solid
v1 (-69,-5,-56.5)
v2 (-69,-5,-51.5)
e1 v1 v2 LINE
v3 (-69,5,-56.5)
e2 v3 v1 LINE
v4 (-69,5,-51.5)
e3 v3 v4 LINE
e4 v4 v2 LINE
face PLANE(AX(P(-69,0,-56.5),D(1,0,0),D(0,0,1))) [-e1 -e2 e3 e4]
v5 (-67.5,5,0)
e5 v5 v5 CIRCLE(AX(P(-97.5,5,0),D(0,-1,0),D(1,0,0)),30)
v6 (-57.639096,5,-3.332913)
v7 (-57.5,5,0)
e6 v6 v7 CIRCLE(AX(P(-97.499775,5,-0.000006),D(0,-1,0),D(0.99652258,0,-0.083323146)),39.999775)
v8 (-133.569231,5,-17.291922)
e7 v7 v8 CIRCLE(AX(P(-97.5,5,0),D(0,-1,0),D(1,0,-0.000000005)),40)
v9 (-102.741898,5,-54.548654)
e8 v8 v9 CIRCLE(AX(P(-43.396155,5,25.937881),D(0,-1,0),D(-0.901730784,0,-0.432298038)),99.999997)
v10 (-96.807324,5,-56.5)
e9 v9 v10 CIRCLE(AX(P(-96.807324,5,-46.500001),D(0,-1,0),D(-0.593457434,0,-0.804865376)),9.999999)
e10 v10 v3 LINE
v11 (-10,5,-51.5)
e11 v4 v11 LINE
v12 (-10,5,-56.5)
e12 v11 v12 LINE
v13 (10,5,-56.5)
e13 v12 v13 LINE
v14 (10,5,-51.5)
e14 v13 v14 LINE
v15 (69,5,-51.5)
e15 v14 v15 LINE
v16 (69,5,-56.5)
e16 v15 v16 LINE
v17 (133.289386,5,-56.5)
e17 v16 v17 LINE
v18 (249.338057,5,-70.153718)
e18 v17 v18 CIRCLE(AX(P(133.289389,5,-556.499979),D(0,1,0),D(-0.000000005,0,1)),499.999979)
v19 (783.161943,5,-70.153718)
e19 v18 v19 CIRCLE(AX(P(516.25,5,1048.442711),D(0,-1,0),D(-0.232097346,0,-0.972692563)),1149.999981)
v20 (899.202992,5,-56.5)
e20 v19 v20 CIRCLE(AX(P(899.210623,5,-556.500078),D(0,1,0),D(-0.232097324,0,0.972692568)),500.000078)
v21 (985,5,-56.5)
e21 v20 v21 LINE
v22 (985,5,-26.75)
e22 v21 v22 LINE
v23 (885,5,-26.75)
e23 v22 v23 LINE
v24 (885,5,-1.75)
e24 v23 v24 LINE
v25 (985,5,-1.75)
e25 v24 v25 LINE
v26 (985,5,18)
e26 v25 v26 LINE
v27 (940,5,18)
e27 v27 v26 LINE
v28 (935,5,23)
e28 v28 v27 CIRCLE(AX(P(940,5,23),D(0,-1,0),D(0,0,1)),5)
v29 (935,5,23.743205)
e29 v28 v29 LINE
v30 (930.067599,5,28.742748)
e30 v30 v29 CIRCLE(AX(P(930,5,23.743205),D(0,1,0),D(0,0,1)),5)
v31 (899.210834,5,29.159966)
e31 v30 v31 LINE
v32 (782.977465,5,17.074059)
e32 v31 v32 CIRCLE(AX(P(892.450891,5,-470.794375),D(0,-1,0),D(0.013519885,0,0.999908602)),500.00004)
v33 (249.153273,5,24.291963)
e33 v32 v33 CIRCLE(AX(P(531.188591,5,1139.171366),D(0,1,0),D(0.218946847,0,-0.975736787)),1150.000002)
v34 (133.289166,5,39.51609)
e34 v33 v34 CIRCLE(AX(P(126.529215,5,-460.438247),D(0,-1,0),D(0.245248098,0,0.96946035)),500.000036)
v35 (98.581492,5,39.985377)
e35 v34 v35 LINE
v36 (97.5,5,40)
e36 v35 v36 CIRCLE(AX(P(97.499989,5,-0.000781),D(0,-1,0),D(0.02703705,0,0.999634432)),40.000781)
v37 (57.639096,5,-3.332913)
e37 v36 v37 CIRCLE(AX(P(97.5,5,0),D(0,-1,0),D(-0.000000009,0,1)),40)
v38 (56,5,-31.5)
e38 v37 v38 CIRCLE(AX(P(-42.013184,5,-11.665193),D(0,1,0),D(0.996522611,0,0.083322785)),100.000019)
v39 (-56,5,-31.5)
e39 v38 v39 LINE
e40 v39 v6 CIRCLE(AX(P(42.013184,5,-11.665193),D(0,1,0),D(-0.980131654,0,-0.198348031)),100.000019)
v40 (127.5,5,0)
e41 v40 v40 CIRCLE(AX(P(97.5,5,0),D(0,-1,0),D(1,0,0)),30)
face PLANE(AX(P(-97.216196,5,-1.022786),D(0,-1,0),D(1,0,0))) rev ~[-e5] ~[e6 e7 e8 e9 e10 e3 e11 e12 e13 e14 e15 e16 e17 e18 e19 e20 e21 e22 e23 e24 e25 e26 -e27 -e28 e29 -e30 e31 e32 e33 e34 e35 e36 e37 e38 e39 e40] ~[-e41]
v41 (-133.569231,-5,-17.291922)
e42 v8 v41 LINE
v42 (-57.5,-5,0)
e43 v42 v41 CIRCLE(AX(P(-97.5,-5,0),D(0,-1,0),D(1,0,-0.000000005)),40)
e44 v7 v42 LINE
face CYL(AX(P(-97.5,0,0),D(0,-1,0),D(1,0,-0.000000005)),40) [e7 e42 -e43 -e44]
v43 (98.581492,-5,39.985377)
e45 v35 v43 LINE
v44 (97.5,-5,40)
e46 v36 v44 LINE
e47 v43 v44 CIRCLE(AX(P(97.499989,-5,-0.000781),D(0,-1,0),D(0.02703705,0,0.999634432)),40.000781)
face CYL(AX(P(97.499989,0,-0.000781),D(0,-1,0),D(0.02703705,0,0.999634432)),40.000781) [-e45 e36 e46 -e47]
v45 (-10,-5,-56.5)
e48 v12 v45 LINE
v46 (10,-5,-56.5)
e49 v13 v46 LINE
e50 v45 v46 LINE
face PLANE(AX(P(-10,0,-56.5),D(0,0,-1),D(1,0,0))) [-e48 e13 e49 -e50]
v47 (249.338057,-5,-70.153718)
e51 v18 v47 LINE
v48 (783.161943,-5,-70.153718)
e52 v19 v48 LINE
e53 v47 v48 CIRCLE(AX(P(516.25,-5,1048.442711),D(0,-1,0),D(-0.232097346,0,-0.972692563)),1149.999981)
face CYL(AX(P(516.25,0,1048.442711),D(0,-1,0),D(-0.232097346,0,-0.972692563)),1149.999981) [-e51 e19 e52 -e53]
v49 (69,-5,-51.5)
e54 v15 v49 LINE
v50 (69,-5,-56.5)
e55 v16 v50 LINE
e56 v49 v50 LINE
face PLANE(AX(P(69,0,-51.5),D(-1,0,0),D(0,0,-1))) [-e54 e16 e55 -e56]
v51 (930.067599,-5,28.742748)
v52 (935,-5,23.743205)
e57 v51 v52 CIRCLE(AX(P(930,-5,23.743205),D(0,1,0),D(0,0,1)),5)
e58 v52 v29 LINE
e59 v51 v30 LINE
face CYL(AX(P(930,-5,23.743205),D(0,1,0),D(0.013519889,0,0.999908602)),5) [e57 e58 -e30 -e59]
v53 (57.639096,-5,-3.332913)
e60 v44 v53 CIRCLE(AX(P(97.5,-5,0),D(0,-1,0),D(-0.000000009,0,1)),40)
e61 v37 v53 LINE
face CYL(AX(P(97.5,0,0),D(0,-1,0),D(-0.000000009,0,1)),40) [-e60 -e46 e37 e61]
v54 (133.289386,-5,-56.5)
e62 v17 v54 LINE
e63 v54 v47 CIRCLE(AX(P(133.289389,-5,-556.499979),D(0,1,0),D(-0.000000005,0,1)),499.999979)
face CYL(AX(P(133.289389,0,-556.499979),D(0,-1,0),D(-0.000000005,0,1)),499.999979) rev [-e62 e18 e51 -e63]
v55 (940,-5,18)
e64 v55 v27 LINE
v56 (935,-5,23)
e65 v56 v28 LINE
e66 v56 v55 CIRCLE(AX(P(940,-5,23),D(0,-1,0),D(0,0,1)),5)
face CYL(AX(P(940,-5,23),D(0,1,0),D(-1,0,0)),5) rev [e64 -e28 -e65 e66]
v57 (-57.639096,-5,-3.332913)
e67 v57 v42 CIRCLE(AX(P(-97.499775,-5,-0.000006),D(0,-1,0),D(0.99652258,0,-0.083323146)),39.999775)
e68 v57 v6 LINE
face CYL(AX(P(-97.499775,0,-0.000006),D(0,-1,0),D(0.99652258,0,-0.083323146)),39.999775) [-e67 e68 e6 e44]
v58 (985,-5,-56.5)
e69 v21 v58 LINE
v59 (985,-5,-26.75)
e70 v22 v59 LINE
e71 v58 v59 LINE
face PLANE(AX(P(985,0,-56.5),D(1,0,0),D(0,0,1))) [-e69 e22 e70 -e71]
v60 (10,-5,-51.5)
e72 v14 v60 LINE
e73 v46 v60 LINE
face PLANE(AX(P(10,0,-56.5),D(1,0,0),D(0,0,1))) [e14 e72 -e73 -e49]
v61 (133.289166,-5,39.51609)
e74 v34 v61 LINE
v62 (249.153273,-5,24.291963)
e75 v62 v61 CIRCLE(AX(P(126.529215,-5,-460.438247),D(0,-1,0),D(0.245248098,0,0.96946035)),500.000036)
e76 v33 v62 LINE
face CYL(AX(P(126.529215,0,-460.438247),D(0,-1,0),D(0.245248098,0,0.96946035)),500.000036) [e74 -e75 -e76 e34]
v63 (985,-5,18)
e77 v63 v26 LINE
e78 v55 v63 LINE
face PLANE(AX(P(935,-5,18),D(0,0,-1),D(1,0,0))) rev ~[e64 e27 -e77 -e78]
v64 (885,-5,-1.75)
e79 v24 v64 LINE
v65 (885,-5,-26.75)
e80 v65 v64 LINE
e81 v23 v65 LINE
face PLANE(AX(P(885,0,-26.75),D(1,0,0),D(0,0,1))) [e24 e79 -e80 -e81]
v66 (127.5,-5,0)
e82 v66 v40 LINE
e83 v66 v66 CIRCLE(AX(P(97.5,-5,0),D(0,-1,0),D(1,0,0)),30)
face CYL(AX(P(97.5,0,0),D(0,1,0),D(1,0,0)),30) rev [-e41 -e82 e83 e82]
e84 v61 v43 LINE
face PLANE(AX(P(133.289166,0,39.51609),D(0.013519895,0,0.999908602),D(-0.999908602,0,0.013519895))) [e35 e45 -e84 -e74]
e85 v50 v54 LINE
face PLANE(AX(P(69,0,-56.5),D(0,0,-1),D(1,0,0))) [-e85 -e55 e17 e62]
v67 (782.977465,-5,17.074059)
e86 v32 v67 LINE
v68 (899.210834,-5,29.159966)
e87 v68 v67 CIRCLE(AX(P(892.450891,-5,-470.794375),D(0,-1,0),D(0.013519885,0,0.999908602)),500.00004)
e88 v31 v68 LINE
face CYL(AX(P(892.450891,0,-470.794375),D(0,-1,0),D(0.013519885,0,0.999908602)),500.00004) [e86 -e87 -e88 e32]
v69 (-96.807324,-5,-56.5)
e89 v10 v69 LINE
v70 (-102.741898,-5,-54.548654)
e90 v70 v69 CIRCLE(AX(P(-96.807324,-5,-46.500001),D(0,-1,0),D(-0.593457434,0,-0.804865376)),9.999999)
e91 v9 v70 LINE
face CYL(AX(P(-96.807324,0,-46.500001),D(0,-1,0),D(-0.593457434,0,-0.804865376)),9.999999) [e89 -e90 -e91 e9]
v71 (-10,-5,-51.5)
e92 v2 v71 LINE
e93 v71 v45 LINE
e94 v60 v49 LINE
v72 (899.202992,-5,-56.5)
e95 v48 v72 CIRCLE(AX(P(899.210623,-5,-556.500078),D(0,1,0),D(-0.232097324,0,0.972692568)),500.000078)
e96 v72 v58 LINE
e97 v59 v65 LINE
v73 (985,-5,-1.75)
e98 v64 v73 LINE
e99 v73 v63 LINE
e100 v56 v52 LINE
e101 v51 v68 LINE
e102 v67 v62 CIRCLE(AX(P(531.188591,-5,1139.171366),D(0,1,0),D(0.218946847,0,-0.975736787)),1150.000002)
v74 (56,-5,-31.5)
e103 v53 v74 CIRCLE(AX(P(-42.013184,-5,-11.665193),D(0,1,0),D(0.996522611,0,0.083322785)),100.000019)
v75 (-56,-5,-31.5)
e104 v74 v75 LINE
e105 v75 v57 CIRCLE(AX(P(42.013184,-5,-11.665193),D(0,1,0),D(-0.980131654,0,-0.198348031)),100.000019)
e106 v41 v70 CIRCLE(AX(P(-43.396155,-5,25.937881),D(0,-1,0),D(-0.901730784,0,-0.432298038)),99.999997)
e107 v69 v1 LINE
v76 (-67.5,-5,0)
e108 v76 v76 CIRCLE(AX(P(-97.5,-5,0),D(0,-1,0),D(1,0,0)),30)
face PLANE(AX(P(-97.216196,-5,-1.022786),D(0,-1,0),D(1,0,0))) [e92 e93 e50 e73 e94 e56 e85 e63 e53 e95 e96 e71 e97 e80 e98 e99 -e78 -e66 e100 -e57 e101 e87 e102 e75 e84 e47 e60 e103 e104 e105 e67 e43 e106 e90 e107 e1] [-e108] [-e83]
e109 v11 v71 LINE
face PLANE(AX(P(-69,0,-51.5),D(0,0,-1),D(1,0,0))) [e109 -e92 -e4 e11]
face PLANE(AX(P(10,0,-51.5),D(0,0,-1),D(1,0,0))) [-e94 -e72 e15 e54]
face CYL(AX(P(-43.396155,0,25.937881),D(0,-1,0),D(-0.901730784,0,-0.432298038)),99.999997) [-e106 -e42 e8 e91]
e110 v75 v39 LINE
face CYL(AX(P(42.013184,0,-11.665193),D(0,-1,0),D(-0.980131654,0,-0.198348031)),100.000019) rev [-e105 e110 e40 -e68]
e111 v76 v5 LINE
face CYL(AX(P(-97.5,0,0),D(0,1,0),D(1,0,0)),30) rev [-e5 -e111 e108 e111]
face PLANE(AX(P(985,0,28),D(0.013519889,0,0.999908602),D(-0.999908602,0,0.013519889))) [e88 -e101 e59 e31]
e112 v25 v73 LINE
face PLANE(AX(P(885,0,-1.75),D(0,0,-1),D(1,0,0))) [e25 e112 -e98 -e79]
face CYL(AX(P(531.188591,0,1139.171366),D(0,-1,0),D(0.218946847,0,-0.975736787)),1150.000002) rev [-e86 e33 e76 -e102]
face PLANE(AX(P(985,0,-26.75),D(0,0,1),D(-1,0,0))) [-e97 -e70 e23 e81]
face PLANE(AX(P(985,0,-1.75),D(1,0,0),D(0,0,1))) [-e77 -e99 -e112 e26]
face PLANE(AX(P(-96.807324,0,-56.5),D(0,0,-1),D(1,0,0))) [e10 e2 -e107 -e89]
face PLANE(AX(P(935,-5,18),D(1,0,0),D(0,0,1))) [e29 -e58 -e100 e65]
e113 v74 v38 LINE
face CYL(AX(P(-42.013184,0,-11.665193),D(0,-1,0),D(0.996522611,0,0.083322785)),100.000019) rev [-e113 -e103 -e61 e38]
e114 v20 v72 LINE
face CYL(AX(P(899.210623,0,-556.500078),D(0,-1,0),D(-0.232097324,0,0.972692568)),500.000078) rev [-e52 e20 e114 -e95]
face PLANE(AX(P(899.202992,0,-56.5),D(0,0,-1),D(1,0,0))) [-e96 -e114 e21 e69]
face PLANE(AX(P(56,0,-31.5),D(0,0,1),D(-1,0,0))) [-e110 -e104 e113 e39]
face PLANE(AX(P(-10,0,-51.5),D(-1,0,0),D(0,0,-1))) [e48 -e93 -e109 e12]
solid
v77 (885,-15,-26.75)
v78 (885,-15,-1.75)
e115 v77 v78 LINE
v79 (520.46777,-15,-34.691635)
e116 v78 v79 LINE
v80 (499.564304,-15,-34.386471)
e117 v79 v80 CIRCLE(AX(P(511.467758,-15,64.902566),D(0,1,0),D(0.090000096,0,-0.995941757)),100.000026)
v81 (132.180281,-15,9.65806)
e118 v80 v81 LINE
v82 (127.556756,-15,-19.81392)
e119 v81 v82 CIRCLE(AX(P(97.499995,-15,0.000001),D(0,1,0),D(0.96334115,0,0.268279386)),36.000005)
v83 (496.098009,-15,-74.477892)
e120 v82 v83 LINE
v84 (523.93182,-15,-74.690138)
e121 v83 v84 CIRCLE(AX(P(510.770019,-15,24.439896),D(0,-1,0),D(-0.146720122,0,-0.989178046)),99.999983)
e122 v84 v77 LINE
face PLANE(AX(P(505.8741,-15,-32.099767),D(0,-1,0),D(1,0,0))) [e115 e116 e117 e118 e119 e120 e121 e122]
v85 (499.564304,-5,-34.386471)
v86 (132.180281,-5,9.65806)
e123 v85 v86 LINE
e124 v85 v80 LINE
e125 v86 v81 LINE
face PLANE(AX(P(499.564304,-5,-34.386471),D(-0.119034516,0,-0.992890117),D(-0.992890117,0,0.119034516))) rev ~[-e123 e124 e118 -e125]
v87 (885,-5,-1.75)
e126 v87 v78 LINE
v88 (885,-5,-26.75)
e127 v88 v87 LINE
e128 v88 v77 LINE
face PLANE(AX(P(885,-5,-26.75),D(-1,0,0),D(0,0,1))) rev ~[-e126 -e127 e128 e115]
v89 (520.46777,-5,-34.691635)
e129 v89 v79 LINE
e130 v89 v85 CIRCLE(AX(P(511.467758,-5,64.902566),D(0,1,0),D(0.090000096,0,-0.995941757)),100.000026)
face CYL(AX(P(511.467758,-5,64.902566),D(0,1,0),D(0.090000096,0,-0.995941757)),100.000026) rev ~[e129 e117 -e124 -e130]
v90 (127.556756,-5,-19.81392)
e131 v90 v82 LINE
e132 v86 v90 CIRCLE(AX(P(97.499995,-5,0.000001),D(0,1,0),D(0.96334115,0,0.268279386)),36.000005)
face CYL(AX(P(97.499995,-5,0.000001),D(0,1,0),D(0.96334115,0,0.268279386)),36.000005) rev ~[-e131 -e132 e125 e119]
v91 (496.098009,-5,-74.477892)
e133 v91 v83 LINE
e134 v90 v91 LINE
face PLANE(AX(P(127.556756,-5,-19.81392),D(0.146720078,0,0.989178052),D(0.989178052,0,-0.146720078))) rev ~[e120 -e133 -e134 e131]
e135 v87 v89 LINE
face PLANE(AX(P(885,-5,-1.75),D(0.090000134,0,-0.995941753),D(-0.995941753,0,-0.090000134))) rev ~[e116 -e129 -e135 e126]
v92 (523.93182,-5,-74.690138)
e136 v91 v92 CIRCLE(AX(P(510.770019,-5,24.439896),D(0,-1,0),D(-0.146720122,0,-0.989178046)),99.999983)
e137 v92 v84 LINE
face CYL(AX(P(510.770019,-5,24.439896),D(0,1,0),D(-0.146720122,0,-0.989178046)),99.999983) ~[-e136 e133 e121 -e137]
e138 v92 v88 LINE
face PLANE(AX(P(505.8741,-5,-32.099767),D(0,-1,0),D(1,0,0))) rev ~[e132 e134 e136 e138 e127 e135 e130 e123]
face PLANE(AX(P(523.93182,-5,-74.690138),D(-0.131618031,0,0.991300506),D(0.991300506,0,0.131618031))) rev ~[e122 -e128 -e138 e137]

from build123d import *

# Parameters (mm, degrees)
F0_R     = 30
F1_DEPTH = 5
F3_DEPTH = 10
F4_W     = 50
F4_H     = 52.275077
F5_DEPTH = 25
F6_R     = 5


with BuildPart() as f1:
    # F0 (on Front) → F1 (new body, symmetric)
    with BuildSketch(Plane.XZ):
        with BuildLine():
            ThreePointArc((-57.639096, -3.332913), (-57.534789, -1.667907), (-57.5, 0))
            ThreePointArc((-57.5, 0), (-106.366531, 39.004931), (-133.569231, -17.291922))
            ThreePointArc((-133.569231, -17.291922), (-90.267595, -39.340721), (-57.639096, -3.332913))
        make_face()
        with Locations((-97.5, 0)):
            Circle(F0_R, mode=Mode.SUBTRACT)
        with BuildLine():
            ThreePointArc((98.581492, 39.985377), (98.040796, 39.996344), (97.5, 40))
            Line((97.5, 40), (98.581492, 39.985377))
        make_face()
        with BuildLine():
            ThreePointArc((97.5, 40), (68.06094, 27.080283), (57.639096, -3.332913))
            ThreePointArc((57.639096, -3.332913), (99.167907, -39.965211), (137.5, 0))
            ThreePointArc((137.5, 0), (126.164086, 27.899286), (98.581492, 39.985377))
            Line((98.581492, 39.985377), (97.5, 40))
        make_face()
        with Locations((97.5, 0)):
            Circle(F0_R, mode=Mode.SUBTRACT)
        with BuildLine():
            ThreePointArc((-57.639096, -3.332913), (-90.267595, -39.340721), (-133.569231, -17.291922))
            ThreePointArc((-133.569231, -17.291922), (-120.441501, -37.81174), (-102.741898, -54.548654))
            ThreePointArc((-102.741898, -54.548654), (-99.9309, -55.999646), (-96.807324, -56.5))
            Line((-96.807324, -56.5), (-69, -56.5))
            Line((-69, -56.5), (-69, -51.5))
            Line((-69, -51.5), (-10, -51.5))
            Line((-10, -51.5), (-10, -56.5))
            Line((-10, -56.5), (0, -56.5))
            Line((0, -56.5), (0, -31.5))
            Line((0, -31.5), (-56, -31.5))
            ThreePointArc((-56, -31.5), (-57.817949, -17.474555), (-57.639096, -3.332913))
        make_face()
        with BuildLine():
            Line((56, -31.5), (0, -31.5))
            Line((0, -31.5), (0, -56.5))
            Line((0, -56.5), (10, -56.5))
            Line((10, -56.5), (10, -51.5))
            Line((10, -51.5), (69, -51.5))
            Line((69, -51.5), (69, -56.5))
            Line((69, -56.5), (133.289386, -56.5))
            ThreePointArc((133.289386, -56.5), (191.713948, -59.925161), (249.338057, -70.153718))
            ThreePointArc((249.338057, -70.153718), (516.25, -101.55727), (783.161943, -70.153718))
            ThreePointArc((783.161943, -70.153718), (840.782267, -59.925607), (899.202992, -56.5))
            Line((899.202992, -56.5), (985, -56.5))
            Line((985, -56.5), (985, -26.75))
            Line((985, -26.75), (885, -26.75))
            Line((885, -26.75), (885, -1.75))
            Line((885, -1.75), (985, -1.75))
            Line((985, -1.75), (985, 28))
            Line((985, 28), (899.210834, 29.159966))
            ThreePointArc((899.210834, 29.159966), (840.739846, 26.524444), (782.977465, 17.074059))
            ThreePointArc((782.977465, 17.074059), (515.640717, -10.723528), (249.153273, 24.291963))
            ThreePointArc((249.153273, 24.291963), (191.667521, 35.300633), (133.289166, 39.51609))
            Line((133.289166, 39.51609), (98.581492, 39.985377))
            ThreePointArc((98.581492, 39.985377), (126.164086, 27.899286), (137.5, 0))
            ThreePointArc((137.5, 0), (99.167907, -39.965211), (57.639096, -3.332913))
            ThreePointArc((57.639096, -3.332913), (57.817949, -17.474555), (56, -31.5))
        make_face()
    extrude(amount=F1_DEPTH, both=True)

    # F4 (on face) → F5 (cut)
    with BuildSketch(Plane.XZ.offset(5)):
        with Locations((960, 44.137538)):
            Rectangle(F4_W, F4_H)
    extrude(amount=-F5_DEPTH, mode=Mode.SUBTRACT)

    # F6
    f6_edges = [f1.edges().sort_by_distance(p)[0] for p in [
        (935, 0, 18),
        (935, 0, 28.676056),
    ]]
    fillet(f6_edges, radius=F6_R)


with BuildPart() as f3:
    # F2 (on face) → F3 (new body)
    with BuildSketch(Plane.XZ.offset(5)):
        with BuildLine():
            Line((885, -26.75), (885, -1.75))
            Line((885, -1.75), (520.46777, -34.691635))
            ThreePointArc((520.46777, -34.691635), (510.008041, -35.086805), (499.564304, -34.386471))
            Line((499.564304, -34.386471), (132.180281, 9.65806))
            ThreePointArc((132.180281, 9.65806), (133.065016, -5.579392), (127.556756, -19.81392))
            Line((127.556756, -19.81392), (496.098009, -74.477892))
            ThreePointArc((496.098009, -74.477892), (510.007494, -75.55718), (523.93182, -74.690138))
            Line((523.93182, -74.690138), (885, -26.75))
        make_face()
    extrude(amount=F3_DEPTH)


solid = Compound([f1.part, f3.part])
